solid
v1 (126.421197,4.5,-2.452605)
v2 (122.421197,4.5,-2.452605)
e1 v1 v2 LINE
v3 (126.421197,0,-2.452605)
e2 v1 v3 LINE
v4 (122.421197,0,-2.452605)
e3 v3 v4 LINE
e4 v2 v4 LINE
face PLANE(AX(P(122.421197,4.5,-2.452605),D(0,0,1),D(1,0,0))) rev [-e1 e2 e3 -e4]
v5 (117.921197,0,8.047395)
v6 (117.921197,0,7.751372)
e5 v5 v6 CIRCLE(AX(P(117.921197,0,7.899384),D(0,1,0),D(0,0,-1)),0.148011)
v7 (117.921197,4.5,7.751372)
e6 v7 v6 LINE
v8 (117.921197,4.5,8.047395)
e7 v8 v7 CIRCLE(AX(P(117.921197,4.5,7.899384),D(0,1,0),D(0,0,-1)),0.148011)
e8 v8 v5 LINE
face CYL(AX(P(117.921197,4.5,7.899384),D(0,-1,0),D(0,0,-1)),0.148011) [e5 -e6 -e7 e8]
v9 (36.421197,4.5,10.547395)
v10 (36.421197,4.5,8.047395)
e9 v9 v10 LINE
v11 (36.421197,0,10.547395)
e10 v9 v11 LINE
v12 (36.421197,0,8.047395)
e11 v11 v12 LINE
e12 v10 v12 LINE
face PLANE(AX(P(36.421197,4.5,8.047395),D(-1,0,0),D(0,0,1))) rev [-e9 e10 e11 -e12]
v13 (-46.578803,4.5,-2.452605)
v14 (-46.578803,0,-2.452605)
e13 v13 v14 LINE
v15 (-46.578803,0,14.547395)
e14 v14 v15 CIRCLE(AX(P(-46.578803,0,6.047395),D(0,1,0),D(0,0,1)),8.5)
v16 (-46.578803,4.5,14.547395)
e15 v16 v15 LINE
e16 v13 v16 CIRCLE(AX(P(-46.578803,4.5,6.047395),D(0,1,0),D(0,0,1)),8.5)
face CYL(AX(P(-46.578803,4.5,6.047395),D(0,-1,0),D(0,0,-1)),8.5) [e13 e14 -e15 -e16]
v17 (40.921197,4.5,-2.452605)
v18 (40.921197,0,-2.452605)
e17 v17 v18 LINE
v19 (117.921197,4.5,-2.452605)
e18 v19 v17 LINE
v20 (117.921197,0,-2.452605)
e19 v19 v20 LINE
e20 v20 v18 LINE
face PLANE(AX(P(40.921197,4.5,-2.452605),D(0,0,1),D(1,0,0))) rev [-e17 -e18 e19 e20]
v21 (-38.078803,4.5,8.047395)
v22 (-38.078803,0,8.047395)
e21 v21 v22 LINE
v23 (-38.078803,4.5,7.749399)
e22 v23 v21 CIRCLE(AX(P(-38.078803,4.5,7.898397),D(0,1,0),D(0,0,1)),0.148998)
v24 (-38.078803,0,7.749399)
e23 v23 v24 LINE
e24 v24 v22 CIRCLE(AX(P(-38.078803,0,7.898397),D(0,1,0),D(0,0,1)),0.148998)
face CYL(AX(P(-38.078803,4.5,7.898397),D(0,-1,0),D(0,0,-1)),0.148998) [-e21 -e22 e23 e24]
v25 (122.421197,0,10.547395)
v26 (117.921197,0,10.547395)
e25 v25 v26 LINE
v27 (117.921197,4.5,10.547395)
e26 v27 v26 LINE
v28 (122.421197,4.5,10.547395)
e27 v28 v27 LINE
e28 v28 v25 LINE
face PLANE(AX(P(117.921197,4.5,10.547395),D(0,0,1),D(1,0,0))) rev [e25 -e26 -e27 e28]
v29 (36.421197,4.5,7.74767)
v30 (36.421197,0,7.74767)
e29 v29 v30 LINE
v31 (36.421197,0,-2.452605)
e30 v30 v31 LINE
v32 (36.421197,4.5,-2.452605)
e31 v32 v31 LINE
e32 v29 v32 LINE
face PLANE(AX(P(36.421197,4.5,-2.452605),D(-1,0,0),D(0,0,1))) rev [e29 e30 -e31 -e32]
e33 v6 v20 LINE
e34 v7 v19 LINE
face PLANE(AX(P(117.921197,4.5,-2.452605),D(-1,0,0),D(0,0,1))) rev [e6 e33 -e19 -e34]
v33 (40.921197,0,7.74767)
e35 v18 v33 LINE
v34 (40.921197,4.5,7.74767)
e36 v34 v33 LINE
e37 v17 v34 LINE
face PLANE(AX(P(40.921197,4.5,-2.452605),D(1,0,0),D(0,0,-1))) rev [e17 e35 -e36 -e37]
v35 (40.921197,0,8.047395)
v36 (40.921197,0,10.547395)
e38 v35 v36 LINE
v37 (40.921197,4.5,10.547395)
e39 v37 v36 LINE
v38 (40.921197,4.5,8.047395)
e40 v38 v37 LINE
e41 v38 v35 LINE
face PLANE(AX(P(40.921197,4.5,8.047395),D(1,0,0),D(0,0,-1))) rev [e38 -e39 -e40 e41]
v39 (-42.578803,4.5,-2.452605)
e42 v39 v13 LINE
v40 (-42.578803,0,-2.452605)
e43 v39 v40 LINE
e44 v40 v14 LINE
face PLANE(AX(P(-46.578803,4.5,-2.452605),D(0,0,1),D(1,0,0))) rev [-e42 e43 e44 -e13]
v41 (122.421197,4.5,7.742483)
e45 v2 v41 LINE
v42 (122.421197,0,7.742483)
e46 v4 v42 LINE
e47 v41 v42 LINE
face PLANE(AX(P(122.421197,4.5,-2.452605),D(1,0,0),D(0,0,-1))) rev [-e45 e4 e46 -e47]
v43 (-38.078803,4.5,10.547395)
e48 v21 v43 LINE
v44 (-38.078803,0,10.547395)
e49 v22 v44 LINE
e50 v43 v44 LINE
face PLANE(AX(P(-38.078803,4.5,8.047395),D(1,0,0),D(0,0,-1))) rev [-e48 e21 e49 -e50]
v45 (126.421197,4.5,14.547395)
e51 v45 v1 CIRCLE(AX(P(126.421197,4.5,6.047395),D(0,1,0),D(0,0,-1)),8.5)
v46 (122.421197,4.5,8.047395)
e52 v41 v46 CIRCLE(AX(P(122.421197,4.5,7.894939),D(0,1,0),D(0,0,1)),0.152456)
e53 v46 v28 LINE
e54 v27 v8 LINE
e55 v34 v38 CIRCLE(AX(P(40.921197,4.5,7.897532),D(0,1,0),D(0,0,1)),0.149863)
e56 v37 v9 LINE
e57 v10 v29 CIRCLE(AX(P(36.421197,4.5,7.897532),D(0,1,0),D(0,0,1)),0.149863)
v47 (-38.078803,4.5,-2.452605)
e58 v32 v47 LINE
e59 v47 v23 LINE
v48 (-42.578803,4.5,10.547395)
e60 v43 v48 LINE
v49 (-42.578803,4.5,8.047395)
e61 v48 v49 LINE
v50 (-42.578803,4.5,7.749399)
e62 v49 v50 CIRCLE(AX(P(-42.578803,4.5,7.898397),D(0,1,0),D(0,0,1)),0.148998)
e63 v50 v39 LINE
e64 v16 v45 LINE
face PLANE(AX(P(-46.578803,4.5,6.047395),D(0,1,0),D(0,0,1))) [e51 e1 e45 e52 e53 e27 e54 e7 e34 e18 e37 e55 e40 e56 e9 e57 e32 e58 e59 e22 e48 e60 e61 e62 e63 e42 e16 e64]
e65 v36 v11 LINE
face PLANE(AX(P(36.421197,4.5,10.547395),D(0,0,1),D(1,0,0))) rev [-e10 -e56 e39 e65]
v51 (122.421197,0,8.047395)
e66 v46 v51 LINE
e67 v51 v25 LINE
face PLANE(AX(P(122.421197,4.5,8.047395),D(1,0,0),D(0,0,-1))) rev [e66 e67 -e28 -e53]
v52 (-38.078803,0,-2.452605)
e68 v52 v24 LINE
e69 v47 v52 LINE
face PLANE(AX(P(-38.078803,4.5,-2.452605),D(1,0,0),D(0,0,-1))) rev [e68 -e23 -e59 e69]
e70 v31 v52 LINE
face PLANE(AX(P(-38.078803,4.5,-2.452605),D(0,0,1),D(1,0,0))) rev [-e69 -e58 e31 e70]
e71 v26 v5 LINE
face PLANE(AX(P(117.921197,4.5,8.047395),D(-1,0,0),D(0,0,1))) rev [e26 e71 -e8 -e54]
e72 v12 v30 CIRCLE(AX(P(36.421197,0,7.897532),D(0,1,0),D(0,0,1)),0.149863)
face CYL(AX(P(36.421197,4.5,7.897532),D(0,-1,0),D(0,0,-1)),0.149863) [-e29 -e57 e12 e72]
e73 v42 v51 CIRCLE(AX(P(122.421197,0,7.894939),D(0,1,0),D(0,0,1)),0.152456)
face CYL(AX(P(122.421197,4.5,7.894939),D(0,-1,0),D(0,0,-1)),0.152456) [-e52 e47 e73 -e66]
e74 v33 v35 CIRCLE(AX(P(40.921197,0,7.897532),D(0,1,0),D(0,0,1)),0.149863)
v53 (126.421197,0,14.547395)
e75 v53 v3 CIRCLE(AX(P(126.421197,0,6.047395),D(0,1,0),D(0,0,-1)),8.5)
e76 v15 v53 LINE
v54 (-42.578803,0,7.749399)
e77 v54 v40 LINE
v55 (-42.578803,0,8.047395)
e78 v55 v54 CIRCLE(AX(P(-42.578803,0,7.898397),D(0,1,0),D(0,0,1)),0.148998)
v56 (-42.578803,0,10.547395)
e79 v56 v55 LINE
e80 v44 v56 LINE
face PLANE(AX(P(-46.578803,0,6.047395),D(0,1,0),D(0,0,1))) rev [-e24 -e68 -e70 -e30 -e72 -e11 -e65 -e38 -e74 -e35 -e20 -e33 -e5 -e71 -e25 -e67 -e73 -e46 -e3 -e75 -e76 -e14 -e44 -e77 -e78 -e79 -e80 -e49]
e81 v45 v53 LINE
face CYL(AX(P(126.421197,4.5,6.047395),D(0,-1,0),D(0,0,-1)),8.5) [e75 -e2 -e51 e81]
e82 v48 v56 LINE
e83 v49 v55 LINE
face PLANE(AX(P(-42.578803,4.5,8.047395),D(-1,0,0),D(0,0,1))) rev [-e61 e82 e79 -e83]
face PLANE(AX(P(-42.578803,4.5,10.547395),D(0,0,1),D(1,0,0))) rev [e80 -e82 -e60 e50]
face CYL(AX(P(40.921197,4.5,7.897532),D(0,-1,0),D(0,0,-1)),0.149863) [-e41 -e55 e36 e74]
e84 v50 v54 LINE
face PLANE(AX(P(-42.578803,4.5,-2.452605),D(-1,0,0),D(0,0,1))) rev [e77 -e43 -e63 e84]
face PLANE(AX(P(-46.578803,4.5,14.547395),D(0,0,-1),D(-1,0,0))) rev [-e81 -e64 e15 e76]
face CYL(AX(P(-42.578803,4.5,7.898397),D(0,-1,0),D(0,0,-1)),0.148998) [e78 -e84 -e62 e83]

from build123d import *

# Parameters (mm, degrees)
BOSS_EXTRUDE1_DEPTH = 4.5


with BuildPart() as part:
    # Sketch1 → Boss-Extrude1 (new body)
    with BuildSketch(Plane(origin=(0, 0, 0), x_dir=(1, 0, 0), z_dir=(0, 1, 0))):
        with BuildLine():
            Line((40.921196651, 2.452604877), (83.421196651, 2.452604877))
            Line((83.421196651, 2.452604877), (87.921196651, 2.452604877))
            Line((87.921196651, 2.452604877), (117.921196651, 2.452604877))
            Line((117.921196651, 2.452604877), (117.921196651, -7.751372429))
            ThreePointArc((117.921196651, -7.751372429), (118.069207998, -7.899383776), (117.921196651, -8.047395123))
            Line((117.921196651, -8.047395123), (117.921196651, -10.547395123))
            Line((117.921196651, -10.547395123), (122.421196651, -10.547395123))
            Line((122.421196651, -10.547395123), (122.421196651, -8.047395123))
            ThreePointArc((122.421196651, -8.047395123), (122.268740731, -7.894939202), (122.421196651, -7.742483282))
            Line((122.421196651, -7.742483282), (122.421196651, 2.452604877))
            Line((122.421196651, 2.452604877), (126.421196651, 2.452604877))
            ThreePointArc((126.421196651, 2.452604877), (134.921196651, -6.047395123), (126.421196651, -14.547395123))
            Line((126.421196651, -14.547395123), (-46.578803349, -14.547395123))
            ThreePointArc((-46.578803349, -14.547395123), (-55.078803349, -6.047395123), (-46.578803349, 2.452604877))
            Line((-46.578803349, 2.452604877), (-42.578803349, 2.452604877))
            Line((-42.578803349, 2.452604877), (-42.578803349, -7.749399248))
            ThreePointArc((-42.578803349, -7.749399248), (-42.429805412, -7.898397185), (-42.578803349, -8.047395123))
            Line((-42.578803349, -8.047395123), (-42.578803349, -10.547395123))
            Line((-42.578803349, -10.547395123), (-38.078803349, -10.547395123))
            Line((-38.078803349, -10.547395123), (-38.078803349, -8.047395123))
            ThreePointArc((-38.078803349, -8.047395123), (-38.227801286, -7.898397185), (-38.078803349, -7.749399248))
            Line((-38.078803349, -7.749399248), (-38.078803349, 2.452604877))
            Line((-38.078803349, 2.452604877), (-8.078803349, 2.452604877))
            Line((-8.078803349, 2.452604877), (-3.578803349, 2.452604877))
            Line((-3.578803349, 2.452604877), (36.421196651, 2.452604877))
            Line((36.421196651, 2.452604877), (36.421196651, -7.747669694))
            ThreePointArc((36.421196651, -7.747669694), (36.571059365, -7.897532409), (36.421196651, -8.047395123))
            Line((36.421196651, -8.047395123), (36.421196651, -10.547395123))
            Line((36.421196651, -10.547395123), (40.921196651, -10.547395123))
            Line((40.921196651, -10.547395123), (40.921196651, -8.047395123))
            ThreePointArc((40.921196651, -8.047395123), (40.771333937, -7.897532409), (40.921196651, -7.747669694))
            Line((40.921196651, -7.747669694), (40.921196651, 2.452604877))
        make_face()
    extrude(amount=BOSS_EXTRUDE1_DEPTH)


solid = part.part
